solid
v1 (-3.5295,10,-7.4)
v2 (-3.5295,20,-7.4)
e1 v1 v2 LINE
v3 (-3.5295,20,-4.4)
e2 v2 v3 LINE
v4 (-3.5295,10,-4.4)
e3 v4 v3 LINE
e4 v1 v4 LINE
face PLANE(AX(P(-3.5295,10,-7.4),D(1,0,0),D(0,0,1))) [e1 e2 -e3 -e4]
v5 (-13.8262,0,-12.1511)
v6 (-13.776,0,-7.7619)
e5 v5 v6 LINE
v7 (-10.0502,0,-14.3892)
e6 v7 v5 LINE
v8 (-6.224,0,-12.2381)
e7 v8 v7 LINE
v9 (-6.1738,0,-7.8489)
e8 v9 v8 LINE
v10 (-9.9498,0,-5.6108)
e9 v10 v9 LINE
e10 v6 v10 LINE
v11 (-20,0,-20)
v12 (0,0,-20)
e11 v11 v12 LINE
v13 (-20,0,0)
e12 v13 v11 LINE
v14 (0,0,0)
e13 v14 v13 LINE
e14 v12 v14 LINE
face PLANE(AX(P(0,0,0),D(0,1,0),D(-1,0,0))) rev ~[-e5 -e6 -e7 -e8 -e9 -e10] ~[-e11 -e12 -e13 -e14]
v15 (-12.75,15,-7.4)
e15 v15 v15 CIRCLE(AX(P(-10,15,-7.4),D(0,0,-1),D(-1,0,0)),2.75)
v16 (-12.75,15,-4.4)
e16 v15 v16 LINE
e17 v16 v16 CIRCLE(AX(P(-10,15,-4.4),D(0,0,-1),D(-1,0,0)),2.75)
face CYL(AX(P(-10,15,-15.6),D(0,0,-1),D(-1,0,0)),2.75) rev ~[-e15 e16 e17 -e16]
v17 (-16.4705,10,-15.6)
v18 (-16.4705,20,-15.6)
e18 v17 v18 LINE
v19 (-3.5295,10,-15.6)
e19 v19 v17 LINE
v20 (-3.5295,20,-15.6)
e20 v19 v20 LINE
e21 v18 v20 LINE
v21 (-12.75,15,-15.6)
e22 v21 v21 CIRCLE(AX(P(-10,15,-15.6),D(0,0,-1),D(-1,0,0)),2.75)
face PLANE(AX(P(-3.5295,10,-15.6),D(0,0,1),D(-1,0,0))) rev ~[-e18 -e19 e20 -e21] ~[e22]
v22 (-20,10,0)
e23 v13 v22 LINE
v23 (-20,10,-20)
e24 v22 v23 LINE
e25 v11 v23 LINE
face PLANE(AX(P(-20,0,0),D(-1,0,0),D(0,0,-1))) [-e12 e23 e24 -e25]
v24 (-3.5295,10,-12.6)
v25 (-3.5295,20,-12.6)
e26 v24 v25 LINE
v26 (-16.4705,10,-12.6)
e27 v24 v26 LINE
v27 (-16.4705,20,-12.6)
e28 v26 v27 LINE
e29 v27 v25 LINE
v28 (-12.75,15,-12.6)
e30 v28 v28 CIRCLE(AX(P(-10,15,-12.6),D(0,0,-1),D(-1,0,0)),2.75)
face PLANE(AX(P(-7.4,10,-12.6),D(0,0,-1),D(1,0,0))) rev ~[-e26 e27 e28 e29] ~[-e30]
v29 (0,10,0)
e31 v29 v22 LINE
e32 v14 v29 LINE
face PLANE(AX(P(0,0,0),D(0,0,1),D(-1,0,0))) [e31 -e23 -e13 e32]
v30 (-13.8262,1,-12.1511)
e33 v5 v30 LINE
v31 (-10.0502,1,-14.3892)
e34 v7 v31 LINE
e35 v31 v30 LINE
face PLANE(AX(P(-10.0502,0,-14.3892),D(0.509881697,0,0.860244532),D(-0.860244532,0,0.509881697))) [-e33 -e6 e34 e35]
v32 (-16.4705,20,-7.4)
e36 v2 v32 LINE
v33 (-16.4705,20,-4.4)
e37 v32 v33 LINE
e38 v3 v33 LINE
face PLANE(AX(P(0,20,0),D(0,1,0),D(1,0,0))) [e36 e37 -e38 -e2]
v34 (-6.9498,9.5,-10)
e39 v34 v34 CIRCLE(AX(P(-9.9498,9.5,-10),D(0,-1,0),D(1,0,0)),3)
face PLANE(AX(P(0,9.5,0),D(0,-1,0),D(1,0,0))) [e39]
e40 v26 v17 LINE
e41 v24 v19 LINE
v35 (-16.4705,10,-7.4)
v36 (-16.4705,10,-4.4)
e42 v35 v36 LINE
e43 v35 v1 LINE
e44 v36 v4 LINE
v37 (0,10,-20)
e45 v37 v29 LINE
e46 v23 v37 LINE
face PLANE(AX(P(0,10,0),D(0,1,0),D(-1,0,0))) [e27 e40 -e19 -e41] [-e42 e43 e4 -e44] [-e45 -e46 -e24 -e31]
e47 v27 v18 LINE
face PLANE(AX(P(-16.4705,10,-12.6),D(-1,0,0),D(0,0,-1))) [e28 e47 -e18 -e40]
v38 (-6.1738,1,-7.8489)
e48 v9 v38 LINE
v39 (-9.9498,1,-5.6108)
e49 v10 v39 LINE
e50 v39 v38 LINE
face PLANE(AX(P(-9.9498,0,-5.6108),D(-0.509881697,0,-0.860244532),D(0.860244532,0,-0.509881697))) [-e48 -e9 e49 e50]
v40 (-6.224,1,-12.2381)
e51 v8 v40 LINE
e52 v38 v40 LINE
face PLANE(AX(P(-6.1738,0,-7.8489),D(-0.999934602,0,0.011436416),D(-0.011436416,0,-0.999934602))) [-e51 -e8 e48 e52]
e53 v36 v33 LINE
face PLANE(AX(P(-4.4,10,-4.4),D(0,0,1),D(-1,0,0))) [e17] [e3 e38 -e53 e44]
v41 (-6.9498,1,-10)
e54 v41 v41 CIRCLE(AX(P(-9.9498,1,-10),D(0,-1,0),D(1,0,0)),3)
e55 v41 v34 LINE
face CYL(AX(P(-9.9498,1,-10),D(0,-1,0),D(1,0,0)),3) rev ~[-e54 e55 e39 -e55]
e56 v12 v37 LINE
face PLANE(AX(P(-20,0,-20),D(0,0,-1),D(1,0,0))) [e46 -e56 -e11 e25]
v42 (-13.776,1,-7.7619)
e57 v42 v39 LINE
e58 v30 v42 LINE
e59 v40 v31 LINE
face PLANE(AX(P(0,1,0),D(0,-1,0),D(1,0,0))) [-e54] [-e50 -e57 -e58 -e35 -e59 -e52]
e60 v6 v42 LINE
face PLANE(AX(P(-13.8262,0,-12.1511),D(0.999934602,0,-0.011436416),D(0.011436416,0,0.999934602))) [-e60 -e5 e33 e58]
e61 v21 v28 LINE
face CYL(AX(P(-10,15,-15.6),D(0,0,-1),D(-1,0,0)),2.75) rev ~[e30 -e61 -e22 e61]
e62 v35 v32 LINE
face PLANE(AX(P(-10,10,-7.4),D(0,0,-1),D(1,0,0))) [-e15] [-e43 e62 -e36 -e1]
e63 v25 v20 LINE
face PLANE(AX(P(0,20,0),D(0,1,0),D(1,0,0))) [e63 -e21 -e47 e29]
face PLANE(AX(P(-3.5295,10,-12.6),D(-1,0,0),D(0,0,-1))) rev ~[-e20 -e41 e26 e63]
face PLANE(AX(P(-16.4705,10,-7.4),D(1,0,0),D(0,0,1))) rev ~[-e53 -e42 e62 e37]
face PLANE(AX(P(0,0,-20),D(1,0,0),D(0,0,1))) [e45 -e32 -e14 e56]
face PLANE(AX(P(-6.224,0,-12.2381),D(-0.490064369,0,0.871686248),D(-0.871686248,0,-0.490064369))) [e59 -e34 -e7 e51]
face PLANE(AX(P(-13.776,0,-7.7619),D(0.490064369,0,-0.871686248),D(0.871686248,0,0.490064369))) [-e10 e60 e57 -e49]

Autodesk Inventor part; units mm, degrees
ref_plane "YZ Plane" through (0, 0, 0) normal (1, 0, 0) x (0, 1, 0)
ref_plane "XZ Plane" through (0, 0, 0) normal (0, 1, 0) x (-1, 0, 0)
ref_plane "XY Plane" through (0, 0, 0) normal (0, 0, 1) x (1, 0, 0)
sketch "Sketch1" plane through (0, 0, 0) normal (0, 1, 0) x (-1, 0, 0)
  line L0 (0, 0) -> (20, 0)
  line L1 (20, 0) -> (20, -20)
  line L2 (20, -20) -> (0, -20)
  line L3 (0, -20) -> (0, 0)
  point P0 (0, -10)
  point P1 (20, -10)
  dimension "d0" = 20
  dimension "d1" = 20
extrude "Extrusion1" add sketch "Sketch1" along normal blind 10
sketch "Sketch2" plane through (0, 0, 0) normal (0, -1, 0) x (1, 0, 0)
  circle A0 centre (-10, -10) radius 2.1511
  line L0 (-20, 0) -> (0, 0) projected
  line L1 (-13.8262, -12.1511) -> (-13.776, -7.7619)
  line L2 (-13.776, -7.7619) -> (-9.9498, -5.6108)
  line L3 (-9.9498, -5.6108) -> (-6.1738, -7.8489)
  line L4 (-6.1738, -7.8489) -> (-6.224, -12.2381)
  line L5 (-6.224, -12.2381) -> (-10.0502, -14.3892)
  line L6 (-10.0502, -14.3892) -> (-13.8262, -12.1511)
  dimension "d4" = 10
extrude "Extrusion2" cut sketch "Sketch2" against normal blind 1 contours A0 | L1 L2 L3 L4 L5 L6
sketch "Sketch3" plane through (0, 1, 0) normal (0, -1, 0) x (1, 0, 0)
  circle A0 centre (-9.9498, -10) radius 3
  line L0 (-20, 0) -> (0, 0) projected
  point P0 (-10, 0)
  dimension "d7" = 6
  dimension "d8" = 10
extrude "Extrusion3" cut sketch "Sketch3" against normal blind 8.5
sketch "Sketch4" plane through (0, 10, 0) normal (0, 1, 0) x (1, 0, 0)
  line L0 (0, 0) -> (0, 20) projected
  line L1 (-20, 20) -> (-20, 0) projected
  line L2 (0, 0) -> (-20, 20)
  line L3 (-20, 20) -> (-20, 0)
  line L4 (-20, 0) -> (0, 20)
  line L5 (0, 20) -> (0, 10)
  line L6 (0, 10) -> (-20, 10)
  line L7 (-20, 0) -> (0, 0) projected
  line L8 (-10, 0) -> (-10, 20)
  line L9 (-3.5295, 15.6) -> (-10, 15.6)
  line L10 (-10, 15.6) -> (-10, 12.6)
  line L11 (-10, 12.6) -> (-3.5295, 12.6)
  line L12 (-3.5295, 12.6) -> (-3.5295, 15.6)
  line L13 (-16.4705, 15.6) -> (-10, 15.6)
  line L14 (-10, 12.6) -> (-16.4705, 12.6)
  line L15 (-16.4705, 12.6) -> (-16.4705, 15.6)
  line L16 (-3.5295, 4.4) -> (-10, 4.4)
  line L17 (-10, 7.4) -> (-3.5295, 7.4)
  line L18 (-3.5295, 7.4) -> (-3.5295, 4.4)
  line L19 (-10, 7.4) -> (-16.4705, 7.4)
  line L20 (-16.4705, 7.4) -> (-16.4705, 4.4)
  line L21 (-16.4705, 4.4) -> (-10, 4.4)
  point P0 (-6.7648, 12.6)
  point P1 (-6.7648, 15.6)
  dimension "d11" = 3
  dimension "d18" = 5.2
extrude "Extrusion4" add sketch "Sketch4" along normal blind 10 contours L16 L8 L17 L2 | L2 L17 L18 L16 | L21 L4 L19 L8 | L9 L12 L11 L4 | L4 L11 L8 L9 | L14 L15 L13 L2 | L2 L13 L8 L14 | L4 L21 L20 L19
sketch "Sketch5" plane through (-3.5295, 10, -15.6) normal (0, 0, -1) x (-1, 0, 0)
  circle A0 centre (6.4705, 5) radius 2.75
  line L0 (0, 10) -> (12.941, 10) projected
  line L1 (16.4705, 0) -> (-3.5295, 0) projected
  line L2 (0, 0) -> (0, 10) projected
  line L3 (12.941, 0) -> (12.941, 10) projected
  point P0 (-3.5295, -10)
  dimension "d14" = 5.5
  dimension "d15" = 5
  dimension "d19" = 10
  dimension "d20" = 12.941
extrude "Extrusion5" cut sketch "Sketch5" against normal blind 66.5 contours A0
properties part number "RollZ" material "Thermoplastic Resin"
